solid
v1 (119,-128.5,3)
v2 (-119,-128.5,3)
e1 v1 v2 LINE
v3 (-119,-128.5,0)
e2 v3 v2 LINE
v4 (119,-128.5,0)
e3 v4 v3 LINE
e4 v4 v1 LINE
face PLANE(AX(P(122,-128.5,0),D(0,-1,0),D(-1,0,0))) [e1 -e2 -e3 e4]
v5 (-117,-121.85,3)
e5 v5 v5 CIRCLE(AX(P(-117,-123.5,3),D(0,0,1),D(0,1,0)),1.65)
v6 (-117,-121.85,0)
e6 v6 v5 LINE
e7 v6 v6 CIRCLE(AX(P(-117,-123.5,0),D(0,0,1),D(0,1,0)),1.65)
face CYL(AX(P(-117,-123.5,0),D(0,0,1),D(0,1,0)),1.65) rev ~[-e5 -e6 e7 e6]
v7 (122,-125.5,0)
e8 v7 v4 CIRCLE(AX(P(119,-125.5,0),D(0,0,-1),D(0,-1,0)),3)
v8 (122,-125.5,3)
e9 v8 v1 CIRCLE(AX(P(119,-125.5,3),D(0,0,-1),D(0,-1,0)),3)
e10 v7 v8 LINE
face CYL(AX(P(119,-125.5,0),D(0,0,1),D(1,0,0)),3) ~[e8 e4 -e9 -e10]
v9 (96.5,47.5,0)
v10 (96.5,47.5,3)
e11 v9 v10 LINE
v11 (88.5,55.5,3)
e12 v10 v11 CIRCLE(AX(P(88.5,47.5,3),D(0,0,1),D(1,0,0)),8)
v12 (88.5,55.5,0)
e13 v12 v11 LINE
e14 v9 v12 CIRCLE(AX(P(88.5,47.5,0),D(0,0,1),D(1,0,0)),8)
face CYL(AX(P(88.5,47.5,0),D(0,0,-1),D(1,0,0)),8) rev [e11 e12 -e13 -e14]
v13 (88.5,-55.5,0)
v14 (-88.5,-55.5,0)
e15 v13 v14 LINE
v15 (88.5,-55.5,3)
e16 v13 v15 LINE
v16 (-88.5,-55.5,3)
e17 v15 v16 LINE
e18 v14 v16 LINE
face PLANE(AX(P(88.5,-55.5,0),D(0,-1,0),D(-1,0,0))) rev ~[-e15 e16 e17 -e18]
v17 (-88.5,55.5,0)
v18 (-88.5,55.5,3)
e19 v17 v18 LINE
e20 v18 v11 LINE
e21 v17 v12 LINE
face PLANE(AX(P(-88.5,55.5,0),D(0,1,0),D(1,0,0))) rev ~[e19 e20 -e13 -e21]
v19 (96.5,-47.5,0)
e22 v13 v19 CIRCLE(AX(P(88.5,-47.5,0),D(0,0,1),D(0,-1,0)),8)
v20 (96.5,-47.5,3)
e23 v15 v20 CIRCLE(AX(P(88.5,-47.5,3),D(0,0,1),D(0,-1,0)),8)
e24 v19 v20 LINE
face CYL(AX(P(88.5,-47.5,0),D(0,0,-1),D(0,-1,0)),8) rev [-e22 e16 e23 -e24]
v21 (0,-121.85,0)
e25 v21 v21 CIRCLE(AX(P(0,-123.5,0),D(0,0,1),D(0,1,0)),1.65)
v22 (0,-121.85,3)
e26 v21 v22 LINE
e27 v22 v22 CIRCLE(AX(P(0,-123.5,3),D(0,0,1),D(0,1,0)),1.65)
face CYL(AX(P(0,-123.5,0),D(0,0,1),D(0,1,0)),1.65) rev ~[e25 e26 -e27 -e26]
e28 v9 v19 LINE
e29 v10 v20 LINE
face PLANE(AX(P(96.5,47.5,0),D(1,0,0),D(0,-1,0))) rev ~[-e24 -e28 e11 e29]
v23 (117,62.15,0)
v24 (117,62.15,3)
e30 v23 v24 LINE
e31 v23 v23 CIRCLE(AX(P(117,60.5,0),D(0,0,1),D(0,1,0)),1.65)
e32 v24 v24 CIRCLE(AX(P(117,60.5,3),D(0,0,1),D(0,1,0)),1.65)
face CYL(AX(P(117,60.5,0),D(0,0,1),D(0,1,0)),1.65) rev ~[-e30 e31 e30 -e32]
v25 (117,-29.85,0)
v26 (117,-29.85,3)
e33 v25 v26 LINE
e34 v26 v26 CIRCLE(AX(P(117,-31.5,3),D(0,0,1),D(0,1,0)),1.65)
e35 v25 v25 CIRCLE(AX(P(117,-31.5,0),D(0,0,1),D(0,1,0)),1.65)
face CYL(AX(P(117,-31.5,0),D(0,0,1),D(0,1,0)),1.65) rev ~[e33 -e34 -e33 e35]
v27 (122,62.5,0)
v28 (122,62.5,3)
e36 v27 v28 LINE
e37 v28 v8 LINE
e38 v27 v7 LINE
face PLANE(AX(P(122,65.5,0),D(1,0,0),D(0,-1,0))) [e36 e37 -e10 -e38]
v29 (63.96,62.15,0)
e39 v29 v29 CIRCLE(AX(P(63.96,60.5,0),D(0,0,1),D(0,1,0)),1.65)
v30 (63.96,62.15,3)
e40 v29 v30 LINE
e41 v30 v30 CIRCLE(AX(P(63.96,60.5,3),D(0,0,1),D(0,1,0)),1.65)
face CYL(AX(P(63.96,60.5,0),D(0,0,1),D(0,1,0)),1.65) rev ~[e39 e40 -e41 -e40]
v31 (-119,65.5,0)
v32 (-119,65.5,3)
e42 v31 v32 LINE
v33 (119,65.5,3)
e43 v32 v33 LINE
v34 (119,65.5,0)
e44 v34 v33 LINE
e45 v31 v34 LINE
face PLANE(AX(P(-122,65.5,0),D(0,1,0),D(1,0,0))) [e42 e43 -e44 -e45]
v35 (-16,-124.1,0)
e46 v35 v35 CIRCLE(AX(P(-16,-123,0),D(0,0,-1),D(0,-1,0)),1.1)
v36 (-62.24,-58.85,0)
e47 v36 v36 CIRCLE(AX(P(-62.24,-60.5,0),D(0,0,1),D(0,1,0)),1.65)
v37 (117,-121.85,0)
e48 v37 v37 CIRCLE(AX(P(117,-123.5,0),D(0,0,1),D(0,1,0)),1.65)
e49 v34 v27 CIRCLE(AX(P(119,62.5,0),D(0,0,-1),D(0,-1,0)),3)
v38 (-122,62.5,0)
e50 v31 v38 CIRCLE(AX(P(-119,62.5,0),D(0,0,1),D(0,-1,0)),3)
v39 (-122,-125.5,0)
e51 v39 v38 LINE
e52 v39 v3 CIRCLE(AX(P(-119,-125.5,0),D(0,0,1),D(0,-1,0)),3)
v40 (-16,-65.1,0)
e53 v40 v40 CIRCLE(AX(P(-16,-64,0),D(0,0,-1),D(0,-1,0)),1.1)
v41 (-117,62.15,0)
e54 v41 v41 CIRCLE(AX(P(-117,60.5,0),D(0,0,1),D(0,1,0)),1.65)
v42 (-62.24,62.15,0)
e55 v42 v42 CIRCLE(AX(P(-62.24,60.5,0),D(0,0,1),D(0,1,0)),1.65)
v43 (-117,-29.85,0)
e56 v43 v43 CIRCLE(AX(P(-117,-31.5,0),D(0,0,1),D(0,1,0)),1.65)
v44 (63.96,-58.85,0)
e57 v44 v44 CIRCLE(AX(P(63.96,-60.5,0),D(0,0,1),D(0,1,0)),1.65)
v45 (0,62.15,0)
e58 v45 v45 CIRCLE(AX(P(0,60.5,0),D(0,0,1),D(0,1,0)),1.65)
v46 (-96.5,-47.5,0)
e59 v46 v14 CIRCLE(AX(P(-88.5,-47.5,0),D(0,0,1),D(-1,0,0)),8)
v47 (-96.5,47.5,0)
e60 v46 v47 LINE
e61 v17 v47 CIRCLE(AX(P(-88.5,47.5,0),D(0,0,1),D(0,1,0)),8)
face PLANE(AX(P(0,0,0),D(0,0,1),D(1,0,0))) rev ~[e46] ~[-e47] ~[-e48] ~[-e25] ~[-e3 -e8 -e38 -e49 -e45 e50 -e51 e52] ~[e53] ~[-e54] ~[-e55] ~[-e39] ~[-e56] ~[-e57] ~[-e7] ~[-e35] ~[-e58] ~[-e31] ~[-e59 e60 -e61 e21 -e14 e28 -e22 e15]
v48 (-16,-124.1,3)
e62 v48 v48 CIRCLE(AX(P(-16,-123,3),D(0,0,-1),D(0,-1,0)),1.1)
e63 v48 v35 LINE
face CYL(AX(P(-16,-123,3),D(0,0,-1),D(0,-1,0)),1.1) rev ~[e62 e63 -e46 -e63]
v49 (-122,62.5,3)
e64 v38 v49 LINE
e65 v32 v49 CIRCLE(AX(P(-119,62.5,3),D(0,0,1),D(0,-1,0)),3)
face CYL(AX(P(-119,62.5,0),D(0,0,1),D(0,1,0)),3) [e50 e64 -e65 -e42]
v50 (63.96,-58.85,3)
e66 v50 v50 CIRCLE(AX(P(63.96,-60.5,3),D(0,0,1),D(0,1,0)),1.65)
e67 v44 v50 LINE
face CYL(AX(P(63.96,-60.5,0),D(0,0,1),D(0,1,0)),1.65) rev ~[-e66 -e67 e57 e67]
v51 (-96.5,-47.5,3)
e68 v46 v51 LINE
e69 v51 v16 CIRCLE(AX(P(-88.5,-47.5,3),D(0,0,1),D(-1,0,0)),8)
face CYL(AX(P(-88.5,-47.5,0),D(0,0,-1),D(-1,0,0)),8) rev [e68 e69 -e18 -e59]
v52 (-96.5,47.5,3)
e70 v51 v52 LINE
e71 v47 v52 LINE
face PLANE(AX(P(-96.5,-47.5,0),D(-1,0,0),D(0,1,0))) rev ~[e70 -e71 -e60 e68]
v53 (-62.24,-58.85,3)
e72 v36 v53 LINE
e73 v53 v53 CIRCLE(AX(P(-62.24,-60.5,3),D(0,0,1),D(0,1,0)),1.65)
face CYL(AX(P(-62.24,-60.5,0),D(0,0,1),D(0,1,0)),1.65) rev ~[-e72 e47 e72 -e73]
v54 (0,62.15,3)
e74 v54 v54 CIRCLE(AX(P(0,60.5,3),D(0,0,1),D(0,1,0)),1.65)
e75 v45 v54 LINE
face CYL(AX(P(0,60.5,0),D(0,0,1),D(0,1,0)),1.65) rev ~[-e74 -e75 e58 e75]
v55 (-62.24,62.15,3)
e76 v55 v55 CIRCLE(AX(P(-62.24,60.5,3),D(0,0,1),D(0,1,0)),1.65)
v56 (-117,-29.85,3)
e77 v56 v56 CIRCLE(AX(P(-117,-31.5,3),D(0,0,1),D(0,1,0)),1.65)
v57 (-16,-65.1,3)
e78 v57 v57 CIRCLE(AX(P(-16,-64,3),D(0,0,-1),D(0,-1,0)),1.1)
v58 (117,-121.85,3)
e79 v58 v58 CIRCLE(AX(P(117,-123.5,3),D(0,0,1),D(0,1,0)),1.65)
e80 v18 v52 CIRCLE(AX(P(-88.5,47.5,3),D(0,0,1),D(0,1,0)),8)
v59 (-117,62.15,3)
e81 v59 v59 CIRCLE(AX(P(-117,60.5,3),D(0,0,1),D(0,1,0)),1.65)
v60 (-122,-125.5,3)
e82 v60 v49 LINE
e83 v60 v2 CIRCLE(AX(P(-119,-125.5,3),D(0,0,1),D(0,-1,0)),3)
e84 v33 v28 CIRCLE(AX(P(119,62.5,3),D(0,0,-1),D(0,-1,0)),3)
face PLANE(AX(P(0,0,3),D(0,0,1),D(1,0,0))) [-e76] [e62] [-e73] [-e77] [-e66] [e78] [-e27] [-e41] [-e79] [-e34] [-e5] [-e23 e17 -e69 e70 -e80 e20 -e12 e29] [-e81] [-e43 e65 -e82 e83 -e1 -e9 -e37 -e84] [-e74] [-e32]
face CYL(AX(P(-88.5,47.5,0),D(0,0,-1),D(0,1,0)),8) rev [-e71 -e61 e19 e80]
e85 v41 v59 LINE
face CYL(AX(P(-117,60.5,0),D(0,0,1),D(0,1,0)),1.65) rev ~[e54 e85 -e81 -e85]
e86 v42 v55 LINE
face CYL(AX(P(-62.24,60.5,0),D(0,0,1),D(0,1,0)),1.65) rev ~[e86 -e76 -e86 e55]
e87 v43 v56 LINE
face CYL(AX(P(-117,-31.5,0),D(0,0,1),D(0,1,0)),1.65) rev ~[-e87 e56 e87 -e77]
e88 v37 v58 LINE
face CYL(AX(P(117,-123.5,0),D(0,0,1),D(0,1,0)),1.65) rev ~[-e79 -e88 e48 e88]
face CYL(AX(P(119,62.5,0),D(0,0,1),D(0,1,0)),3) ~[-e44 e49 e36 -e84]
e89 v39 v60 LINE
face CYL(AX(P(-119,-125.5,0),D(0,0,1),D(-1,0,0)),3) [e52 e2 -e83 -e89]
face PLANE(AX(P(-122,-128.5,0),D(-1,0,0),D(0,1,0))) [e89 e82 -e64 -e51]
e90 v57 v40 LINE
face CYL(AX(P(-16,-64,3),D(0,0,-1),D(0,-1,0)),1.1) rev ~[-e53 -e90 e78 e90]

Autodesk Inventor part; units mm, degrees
ref_plane "Plan YZ" through (0, 0, 0) normal (1, 0, 0) x (0, 1, 0)
ref_plane "Plan XZ" through (0, 0, 0) normal (0, 1, 0) x (-1, 0, 0)
ref_plane "Plan XY" through (0, 0, 0) normal (0, 0, 1) x (1, 0, 0)
sketch "Esquisse1" plane through (0, 0, 0) normal (0, 0, 1) x (1, 0, 0)
  line L0 (-88.5, 55.5) -> (88.5, 55.5)
  line L1 (96.5, 47.5) -> (96.5, -47.5)
  line L2 (88.5, -55.5) -> (-88.5, -55.5)
  line L3 (-96.5, -47.5) -> (-96.5, 47.5)
  line L4 (-170.8, 0) -> (170.8, 0) construction
  line L5 (0, -167.3) -> (0, 104.3) construction
  arc A0 (-88.5, 55.5) -> (-96.5, 47.5) centre (-88.5, 47.5) ccw
  arc A1 (-96.5, -47.5) -> (-88.5, -55.5) centre (-88.5, -47.5) ccw
  arc A2 (88.5, -55.5) -> (96.5, -47.5) centre (88.5, -47.5) ccw
  arc A3 (96.5, 47.5) -> (88.5, 55.5) centre (88.5, 47.5) ccw
  line L6 (-83.4, 49.1) -> (86.6, 49.1) construction
  line L7 (86.6, 49.1) -> (86.6, -51.9) construction
  line L8 (86.6, -51.9) -> (-83.4, -51.9) construction
  line L9 (-83.4, -51.9) -> (-83.4, 49.1) construction
  line L10 (88.5, 52.5) -> (-88.5, 52.5)
  arc A4 (-88.5, 52.5) -> (-93.5, 47.5) centre (-88.5, 47.5) ccw
  line L11 (-93.5, 47.5) -> (-93.5, -47.5)
  arc A5 (-93.5, -47.5) -> (-88.5, -52.5) centre (-88.5, -47.5) ccw
  line L12 (-88.5, -52.5) -> (88.5, -52.5)
  arc A6 (88.5, -52.5) -> (93.5, -47.5) centre (88.5, -47.5) ccw
  line L13 (93.5, -47.5) -> (93.5, 47.5)
  arc A7 (93.5, 47.5) -> (88.5, 52.5) centre (88.5, 47.5) ccw
  line L14 (-122, 65.5) -> (122, 65.5)
  line L15 (122, 65.5) -> (122, -128.5)
  line L16 (122, -128.5) -> (-122, -128.5)
  line L17 (-122, -128.5) -> (-122, 65.5)
  line L18 (122, -31.5) -> (-122, -31.5) construction
  point P0 (0, 0)
  point P1 (-96.5, 55.5)
  point P2 (96.5, -55.5)
  point P3 (96.5, 55.5)
  point P4 (-62.24, 33.92)
  point P5 (-62.24, -31.73)
  point P6 (63.96, -31.73)
  point P7 (63.96, 33.92)
  point P8 (-62.24, 60.5)
  point P9 (-62.24, -60.5)
  point P10 (63.96, -60.5)
  point P11 (63.96, 60.5)
  point P12 (-117, -123.5)
  point P13 (0, -123.5)
  point P14 (117, -123.5)
  point P15 (-117, -31.5)
  point P16 (0, -31.5)
  point P17 (117, -31.5)
  point P18 (-117, 60.5)
  point P19 (0, 60.5)
  point P20 (117, 60.5)
  dimension "d0" = 193
  dimension "d1" = 111
  dimension "d2" = 8
  dimension "d3" = 170
  dimension "d4" = 101
  dimension "d6" = 6.4
  dimension "d7" = 9.9
  dimension "d8" = 32.54
  dimension "d9" = 21.58
  dimension "d10" = 126.2
  dimension "d11" = 65.65
  dimension "d12" = 121
  dimension "d13" = 3
  dimension "d14" = 244
  dimension "d15" = 194
  dimension "d39" = 10
  dimension "d42" = 117
  dimension "d45" = 92
extrude "Extrusion1" add sketch "Esquisse1" along normal blind 3 contours L14 L15 L16 L17
hole "Perçage6" at (-62.24, 33.92, 0) at (-62.24, -31.73, 0) at (63.96, -31.73, 0) at (63.96, 33.92, 0) at (-62.24, 60.5, 0) at (-62.24, -60.5, 0) at (63.96, -60.5, 0) at (63.96, 60.5, 0) at (-117, -123.5, 0) at (0, -123.5, 0) at (117, -123.5, 0) at (-117, -31.5, 0) at (0, -31.5, 0) at (117, -31.5, 0) at (-117, 60.5, 0) at (0, 60.5, 0) at (117, 60.5, 0) direction (0, 0, 1) diameter 3.3 end through all
fillet "Congé1" radius 3 4 edges at (122, -128.5, 1.5) (122, 65.5, 1.5) (-122, 65.5, 1.5) (-122, -128.5, 1.5)
sketch "Esquisse9" plane through (0, 0, 3) normal (0, 0, 1) x (1, 0, 0)
  point P0 (0, 0)
  point P1 (-16, -123)
  point P2 (-16, -64)
  dimension "d66" = 59
  dimension "d67" = 64
  dimension "d68" = 16
hole "Perçage4" at (-16, -123, 3) at (-16, -64, 3) direction (0, 0, -1) diameter 2.2 end through all
properties part number "002" material "Plastique PMMA"
